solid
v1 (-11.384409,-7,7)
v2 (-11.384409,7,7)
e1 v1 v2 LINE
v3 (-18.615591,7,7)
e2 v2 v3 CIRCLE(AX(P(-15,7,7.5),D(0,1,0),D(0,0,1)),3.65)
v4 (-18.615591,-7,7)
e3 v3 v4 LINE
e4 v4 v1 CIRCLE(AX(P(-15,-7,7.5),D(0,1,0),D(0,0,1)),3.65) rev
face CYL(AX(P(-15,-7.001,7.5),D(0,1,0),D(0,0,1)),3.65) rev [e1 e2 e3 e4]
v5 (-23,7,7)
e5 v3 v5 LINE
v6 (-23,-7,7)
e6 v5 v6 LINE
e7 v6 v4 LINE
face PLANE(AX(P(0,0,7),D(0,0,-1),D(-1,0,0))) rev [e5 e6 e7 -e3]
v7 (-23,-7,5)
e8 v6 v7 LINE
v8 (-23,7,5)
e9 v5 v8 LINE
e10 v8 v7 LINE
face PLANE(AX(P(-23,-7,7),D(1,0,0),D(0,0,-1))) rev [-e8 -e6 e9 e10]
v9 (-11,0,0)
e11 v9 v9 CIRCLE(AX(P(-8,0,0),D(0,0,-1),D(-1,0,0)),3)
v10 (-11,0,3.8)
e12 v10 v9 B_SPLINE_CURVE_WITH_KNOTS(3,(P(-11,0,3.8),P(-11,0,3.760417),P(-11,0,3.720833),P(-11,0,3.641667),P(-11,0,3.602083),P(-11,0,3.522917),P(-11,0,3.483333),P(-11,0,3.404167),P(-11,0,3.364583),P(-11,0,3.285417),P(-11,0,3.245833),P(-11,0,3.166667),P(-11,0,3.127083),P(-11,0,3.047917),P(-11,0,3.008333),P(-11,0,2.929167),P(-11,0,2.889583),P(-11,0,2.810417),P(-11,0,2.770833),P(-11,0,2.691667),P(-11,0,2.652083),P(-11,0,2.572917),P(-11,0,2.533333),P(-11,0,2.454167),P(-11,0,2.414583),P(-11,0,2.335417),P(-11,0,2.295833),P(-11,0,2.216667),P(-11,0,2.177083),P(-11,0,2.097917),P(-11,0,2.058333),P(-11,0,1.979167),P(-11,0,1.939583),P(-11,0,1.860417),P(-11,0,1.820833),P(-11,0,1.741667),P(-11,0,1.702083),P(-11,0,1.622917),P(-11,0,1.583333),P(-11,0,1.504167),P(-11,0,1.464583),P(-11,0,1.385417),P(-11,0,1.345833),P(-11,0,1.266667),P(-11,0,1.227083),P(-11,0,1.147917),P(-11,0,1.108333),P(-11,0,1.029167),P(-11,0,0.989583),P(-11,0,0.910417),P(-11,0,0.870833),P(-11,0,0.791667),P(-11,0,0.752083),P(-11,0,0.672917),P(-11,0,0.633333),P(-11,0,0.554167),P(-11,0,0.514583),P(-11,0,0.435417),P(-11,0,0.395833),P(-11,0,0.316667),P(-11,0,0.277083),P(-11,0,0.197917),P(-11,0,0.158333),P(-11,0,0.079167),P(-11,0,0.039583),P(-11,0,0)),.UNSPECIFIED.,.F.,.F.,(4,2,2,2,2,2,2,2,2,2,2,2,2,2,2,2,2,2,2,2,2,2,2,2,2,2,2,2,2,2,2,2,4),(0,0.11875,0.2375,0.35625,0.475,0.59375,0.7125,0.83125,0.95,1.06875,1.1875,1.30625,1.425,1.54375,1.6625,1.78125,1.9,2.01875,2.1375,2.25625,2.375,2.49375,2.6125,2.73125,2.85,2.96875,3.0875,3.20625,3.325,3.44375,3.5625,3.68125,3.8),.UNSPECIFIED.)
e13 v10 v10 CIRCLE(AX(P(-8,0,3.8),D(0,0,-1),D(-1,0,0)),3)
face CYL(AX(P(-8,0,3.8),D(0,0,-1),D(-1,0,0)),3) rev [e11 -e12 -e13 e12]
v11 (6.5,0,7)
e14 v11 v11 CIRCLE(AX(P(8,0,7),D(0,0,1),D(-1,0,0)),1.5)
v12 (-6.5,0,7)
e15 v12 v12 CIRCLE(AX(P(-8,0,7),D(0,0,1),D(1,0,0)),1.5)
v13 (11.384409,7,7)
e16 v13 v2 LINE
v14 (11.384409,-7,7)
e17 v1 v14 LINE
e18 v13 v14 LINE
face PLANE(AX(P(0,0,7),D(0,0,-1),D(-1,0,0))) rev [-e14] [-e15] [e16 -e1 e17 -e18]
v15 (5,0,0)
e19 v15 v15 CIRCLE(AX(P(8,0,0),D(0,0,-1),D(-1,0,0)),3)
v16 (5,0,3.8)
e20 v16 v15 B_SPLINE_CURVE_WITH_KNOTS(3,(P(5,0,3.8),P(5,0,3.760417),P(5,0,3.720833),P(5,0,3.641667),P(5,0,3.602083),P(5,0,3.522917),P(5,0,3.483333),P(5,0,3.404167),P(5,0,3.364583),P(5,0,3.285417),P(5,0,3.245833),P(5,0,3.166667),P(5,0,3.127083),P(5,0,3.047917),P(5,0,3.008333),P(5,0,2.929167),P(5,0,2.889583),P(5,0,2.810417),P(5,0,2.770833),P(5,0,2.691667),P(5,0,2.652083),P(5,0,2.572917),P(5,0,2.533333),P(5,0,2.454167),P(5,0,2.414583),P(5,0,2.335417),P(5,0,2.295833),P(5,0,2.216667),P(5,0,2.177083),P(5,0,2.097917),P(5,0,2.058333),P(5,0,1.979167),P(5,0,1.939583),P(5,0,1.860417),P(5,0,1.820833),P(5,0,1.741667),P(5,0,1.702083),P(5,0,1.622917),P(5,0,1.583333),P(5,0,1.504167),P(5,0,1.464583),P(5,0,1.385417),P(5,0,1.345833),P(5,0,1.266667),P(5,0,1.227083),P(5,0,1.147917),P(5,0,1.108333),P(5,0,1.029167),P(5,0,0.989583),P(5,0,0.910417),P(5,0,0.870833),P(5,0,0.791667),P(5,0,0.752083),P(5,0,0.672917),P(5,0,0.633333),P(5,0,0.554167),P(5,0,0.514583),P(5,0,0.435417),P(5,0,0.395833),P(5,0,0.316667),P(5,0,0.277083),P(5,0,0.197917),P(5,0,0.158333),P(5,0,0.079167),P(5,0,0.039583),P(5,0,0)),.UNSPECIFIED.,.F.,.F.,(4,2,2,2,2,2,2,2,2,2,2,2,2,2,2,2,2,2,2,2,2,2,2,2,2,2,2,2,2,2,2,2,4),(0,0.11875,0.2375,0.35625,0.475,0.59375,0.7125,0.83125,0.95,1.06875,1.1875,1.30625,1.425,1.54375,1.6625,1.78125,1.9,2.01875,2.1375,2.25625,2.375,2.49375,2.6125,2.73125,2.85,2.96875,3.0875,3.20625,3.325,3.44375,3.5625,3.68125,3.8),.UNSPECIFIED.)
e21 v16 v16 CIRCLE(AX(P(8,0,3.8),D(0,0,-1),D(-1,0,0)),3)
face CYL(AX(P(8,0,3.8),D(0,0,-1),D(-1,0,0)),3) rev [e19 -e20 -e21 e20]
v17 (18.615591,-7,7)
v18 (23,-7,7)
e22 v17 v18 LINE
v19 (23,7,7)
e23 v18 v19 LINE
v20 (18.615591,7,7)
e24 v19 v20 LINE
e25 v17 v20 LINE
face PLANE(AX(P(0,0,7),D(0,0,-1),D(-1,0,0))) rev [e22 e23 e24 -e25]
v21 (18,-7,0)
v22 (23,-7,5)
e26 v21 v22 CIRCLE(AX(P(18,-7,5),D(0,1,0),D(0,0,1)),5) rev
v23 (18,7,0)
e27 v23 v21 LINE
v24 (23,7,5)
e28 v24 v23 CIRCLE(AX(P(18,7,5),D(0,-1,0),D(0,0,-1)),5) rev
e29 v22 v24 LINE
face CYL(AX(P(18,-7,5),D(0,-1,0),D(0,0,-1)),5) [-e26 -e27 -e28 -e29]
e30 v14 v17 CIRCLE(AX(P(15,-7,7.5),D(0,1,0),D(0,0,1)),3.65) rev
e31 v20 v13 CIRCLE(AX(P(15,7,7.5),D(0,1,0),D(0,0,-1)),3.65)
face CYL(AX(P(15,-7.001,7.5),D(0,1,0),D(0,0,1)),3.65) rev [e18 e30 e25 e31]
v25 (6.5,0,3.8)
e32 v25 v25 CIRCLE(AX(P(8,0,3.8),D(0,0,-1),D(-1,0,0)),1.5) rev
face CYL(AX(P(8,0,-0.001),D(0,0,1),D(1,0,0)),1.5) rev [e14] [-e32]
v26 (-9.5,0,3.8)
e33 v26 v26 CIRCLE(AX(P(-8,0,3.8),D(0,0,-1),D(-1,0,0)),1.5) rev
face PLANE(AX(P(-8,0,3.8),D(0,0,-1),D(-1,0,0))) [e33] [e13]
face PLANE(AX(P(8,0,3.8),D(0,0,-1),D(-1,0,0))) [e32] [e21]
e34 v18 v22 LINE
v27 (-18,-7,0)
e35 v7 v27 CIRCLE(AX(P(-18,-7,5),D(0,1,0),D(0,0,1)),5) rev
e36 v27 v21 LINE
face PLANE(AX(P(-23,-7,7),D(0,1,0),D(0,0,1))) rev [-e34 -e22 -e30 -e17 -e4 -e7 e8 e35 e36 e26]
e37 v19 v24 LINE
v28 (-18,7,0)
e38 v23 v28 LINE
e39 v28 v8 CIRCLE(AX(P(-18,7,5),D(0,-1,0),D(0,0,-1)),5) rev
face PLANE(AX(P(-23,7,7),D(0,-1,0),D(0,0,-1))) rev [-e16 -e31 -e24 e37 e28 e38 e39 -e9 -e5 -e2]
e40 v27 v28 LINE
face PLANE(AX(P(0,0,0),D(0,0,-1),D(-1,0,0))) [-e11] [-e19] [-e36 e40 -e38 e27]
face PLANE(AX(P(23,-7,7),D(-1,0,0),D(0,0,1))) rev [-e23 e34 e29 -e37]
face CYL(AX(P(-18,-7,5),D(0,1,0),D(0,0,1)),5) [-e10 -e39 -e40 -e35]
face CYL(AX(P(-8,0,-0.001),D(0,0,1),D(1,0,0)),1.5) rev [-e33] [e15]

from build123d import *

# Parameters (mm, degrees)
SKETCH_1_W          = 46
SKETCH_1_H          = 14
EXTRUDE_1_DEPTH     = 7
CUT_EXTRUDE_1_REACH = 27.04
SKETCH_2_R          = 1.5
CUT_EXTRUDE_2_REACH = 29.821
SKETCH_3_R          = 3.65
SKETCH_4_R          = 3
CUT_EXTRUDE_3_DEPTH = 3.8
FILLET_1_R          = 5


with BuildPart() as part:
    # Эскиз1 → Бобышка-Вытянуть1 (new body)
    with BuildSketch(Plane.XY):
        Rectangle(SKETCH_1_W, SKETCH_1_H)
    extrude(amount=EXTRUDE_1_DEPTH)

    # Эскиз2 → Вырез-Вытянуть1 (cut, up to next)
    with BuildSketch(Plane.XY.offset(7), mode=Mode.PRIVATE) as cut_extrude_1_sk1:
        with Locations((-8, 0)):
            Circle(SKETCH_2_R)
    cut_extrude_1_tool1 = extrude(cut_extrude_1_sk1.sketch, amount=-CUT_EXTRUDE_1_REACH, mode=Mode.PRIVATE) & part.part
    # Эскиз2 → Вырез-Вытянуть1 (cut, up to next)
    with BuildSketch(Plane.XY.offset(7), mode=Mode.PRIVATE) as cut_extrude_1_sk2:
        with Locations(Location((8, 0, 0), (0, 0, 180))):
            Circle(SKETCH_2_R)
    cut_extrude_1_tool2 = extrude(cut_extrude_1_sk2.sketch, amount=-CUT_EXTRUDE_1_REACH, mode=Mode.PRIVATE) & part.part
    add(cut_extrude_1_tool1.solids().sort_by_distance((-8, 0, 7))[0], mode=Mode.SUBTRACT)
    add(cut_extrude_1_tool2.solids().sort_by_distance((8, 0, 7))[0], mode=Mode.SUBTRACT)

    # Эскиз3 → Вырез-Вытянуть2 (cut, up to next)
    with BuildSketch(Plane(origin=(0, 7, 0), x_dir=(1, 0, 0), z_dir=(0, 1, 0)), mode=Mode.PRIVATE) as cut_extrude_2_sk1:
        with Locations((-15, -7.5)):
            Circle(SKETCH_3_R)
    cut_extrude_2_tool1 = extrude(cut_extrude_2_sk1.sketch, amount=-CUT_EXTRUDE_2_REACH, mode=Mode.PRIVATE) & part.part
    # Эскиз3 → Вырез-Вытянуть2 (cut, up to next)
    with BuildSketch(Plane(origin=(0, 7, 0), x_dir=(1, 0, 0), z_dir=(0, 1, 0)), mode=Mode.PRIVATE) as cut_extrude_2_sk2:
        with Locations((15, -7.5)):
            Circle(SKETCH_3_R)
    cut_extrude_2_tool2 = extrude(cut_extrude_2_sk2.sketch, amount=-CUT_EXTRUDE_2_REACH, mode=Mode.PRIVATE) & part.part
    add(cut_extrude_2_tool1.solids().sort_by_distance((-15, 7, 7.5))[0], mode=Mode.SUBTRACT)
    add(cut_extrude_2_tool2.solids().sort_by_distance((15, 7, 7.5))[0], mode=Mode.SUBTRACT)

    # Эскиз4 → Вырез-Вытянуть3 (cut)
    with BuildSketch(Plane(origin=(0, 0, 0), x_dir=(-1, 0, 0), z_dir=(0, 0, -1))):
        with Locations((-8, 0)):
            Circle(SKETCH_4_R)
        with Locations((8, 0)):
            Circle(SKETCH_4_R)
    extrude(amount=-CUT_EXTRUDE_3_DEPTH, mode=Mode.SUBTRACT)

    # Скругление1
    fillet_1_edges = [part.edges().sort_by_distance(p)[0] for p in [
        (-23, 0, 0),
        (23, 0, 0),
    ]]
    fillet(fillet_1_edges, radius=FILLET_1_R)


solid = part.part
